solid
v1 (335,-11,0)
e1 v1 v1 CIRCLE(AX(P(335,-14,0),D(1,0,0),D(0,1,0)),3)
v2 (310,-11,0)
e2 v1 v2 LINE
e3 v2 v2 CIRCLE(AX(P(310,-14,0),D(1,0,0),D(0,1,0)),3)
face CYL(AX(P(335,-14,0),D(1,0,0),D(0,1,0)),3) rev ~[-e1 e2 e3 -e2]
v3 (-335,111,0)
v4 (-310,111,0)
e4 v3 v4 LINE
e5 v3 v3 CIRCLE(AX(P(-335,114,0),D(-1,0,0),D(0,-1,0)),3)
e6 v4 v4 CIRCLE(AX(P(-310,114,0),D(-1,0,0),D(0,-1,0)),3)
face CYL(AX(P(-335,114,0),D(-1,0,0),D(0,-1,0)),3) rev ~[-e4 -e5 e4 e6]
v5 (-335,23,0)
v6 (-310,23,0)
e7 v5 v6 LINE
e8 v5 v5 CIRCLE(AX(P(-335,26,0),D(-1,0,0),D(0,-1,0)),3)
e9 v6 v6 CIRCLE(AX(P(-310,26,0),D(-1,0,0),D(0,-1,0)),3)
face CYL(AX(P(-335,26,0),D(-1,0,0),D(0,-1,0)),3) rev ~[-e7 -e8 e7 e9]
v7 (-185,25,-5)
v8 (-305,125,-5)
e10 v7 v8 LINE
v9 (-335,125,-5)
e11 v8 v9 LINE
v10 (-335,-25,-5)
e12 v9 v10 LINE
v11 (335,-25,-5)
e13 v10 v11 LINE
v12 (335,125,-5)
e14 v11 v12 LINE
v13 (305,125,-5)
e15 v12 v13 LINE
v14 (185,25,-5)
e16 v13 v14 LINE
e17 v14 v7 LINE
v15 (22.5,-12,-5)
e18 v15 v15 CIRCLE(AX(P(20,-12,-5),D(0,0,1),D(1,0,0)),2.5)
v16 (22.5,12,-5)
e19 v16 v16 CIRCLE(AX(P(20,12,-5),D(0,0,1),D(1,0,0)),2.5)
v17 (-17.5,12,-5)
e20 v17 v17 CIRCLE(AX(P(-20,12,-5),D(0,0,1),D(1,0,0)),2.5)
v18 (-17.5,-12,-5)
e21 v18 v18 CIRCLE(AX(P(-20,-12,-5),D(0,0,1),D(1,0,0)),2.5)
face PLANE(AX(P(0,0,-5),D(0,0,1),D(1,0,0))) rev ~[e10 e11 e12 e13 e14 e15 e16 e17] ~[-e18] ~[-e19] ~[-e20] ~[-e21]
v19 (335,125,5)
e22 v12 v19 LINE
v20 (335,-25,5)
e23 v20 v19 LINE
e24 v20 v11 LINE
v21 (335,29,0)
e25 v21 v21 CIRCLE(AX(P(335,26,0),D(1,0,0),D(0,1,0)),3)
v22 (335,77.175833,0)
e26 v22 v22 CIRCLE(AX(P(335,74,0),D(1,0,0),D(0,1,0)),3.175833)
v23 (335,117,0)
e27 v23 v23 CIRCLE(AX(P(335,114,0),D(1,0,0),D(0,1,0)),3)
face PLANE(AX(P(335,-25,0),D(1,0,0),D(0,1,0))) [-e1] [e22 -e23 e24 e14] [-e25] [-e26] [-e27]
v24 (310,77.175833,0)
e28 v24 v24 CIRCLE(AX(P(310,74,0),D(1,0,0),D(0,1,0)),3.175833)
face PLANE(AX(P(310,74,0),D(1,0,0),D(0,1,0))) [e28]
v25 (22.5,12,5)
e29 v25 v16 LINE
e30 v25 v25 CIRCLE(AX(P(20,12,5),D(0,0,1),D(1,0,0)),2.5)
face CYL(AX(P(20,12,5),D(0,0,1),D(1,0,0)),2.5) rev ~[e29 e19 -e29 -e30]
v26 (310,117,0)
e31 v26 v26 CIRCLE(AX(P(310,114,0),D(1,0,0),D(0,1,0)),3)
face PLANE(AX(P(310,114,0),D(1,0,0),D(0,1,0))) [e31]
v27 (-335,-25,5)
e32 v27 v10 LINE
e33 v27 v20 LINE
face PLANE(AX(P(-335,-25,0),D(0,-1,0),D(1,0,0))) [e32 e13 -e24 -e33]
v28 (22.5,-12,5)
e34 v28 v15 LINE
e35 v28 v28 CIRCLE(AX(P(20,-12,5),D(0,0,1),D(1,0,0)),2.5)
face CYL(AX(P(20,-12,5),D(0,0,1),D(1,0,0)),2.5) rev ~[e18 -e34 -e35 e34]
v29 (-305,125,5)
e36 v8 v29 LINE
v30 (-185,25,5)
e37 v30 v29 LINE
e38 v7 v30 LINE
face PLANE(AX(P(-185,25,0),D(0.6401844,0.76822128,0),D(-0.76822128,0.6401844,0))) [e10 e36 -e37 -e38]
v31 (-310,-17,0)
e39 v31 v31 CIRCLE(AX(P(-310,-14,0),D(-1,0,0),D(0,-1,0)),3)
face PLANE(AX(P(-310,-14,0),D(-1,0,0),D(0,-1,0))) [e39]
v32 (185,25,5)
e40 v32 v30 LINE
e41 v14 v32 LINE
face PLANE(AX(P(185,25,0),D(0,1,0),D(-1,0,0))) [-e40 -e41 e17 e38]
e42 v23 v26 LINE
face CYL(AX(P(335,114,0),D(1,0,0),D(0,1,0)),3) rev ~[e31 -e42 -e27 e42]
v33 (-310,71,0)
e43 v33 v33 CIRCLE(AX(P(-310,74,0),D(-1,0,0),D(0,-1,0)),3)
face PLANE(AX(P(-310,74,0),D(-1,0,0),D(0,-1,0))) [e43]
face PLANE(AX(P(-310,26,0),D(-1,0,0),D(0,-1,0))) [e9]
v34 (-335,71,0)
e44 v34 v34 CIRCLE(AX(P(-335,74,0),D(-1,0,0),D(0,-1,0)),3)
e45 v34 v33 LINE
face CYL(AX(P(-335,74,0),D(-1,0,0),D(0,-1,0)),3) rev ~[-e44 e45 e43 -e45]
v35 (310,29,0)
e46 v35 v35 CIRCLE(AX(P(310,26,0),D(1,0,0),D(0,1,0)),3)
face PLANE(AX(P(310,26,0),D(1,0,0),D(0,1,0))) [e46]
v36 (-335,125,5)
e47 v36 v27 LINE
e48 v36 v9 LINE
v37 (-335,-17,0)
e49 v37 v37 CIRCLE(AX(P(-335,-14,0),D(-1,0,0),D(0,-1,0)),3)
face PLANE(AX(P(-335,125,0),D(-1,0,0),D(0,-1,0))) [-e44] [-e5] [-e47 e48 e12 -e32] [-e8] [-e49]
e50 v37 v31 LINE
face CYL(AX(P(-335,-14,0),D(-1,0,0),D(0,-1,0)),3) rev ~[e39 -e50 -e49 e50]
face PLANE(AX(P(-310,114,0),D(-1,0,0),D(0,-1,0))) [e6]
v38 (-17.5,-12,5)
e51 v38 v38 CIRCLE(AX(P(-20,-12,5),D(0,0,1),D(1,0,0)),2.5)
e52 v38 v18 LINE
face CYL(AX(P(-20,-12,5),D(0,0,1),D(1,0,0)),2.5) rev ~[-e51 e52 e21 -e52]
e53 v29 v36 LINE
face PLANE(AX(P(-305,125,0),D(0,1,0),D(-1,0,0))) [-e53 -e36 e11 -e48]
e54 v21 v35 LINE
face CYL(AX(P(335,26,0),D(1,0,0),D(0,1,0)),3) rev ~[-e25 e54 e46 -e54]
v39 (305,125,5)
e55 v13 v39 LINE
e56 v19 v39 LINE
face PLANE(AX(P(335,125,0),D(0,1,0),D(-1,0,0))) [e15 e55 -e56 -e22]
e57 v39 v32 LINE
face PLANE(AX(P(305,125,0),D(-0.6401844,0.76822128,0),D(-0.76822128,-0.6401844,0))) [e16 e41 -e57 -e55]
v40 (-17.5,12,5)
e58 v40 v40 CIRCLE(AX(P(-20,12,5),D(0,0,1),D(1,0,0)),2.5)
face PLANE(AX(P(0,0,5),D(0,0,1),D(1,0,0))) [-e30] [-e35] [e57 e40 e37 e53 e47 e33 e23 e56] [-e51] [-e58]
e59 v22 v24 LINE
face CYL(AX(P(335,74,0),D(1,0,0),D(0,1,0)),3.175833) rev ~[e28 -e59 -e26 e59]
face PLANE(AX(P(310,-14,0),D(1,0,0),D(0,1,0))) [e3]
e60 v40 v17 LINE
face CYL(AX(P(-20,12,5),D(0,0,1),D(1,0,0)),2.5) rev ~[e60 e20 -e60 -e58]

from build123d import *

# Parameters (mm, degrees)
F1_DEPTH = 5
F2_R     = 3
F2_R_2   = 3.175833
F3_DEPTH = 25
F4_R     = 3
F5_DEPTH = 25
F6_R     = 2.5
F7_DEPTH = 10


with BuildPart() as f1:
    # F0 (on Top) → F1 (new body, symmetric)
    with BuildSketch(Plane.XY):
        Polygon((335, -25), (335, 25), (185, 25), (-185, 25), (-335, 25), (-335, -25), align=None)
        Polygon((185, 25), (335, 25), (335, 125), (305, 125), align=None)
        Polygon((-335, 25), (-185, 25), (-305, 125), (-335, 125), align=None)
    extrude(amount=F1_DEPTH, both=True)

    # F2 (on face) → F3 (cut)
    with BuildSketch(Plane.YZ.offset(335)):
        with Locations((26, 0)):
            Circle(F2_R)
        with Locations((-14, 0)):
            Circle(F2_R)
        with Locations((74, 0)):
            Circle(F2_R_2)
        with Locations((114, 0)):
            Circle(F2_R)
    extrude(amount=-F3_DEPTH, mode=Mode.SUBTRACT)

    # F4 (on face) → F5 (cut)
    with BuildSketch(Plane(origin=(-335, 0, 0), x_dir=(0, -1, 0), z_dir=(-1, 0, 0))):
        with Locations((14, 0)):
            Circle(F4_R)
        with Locations((-26, 0)):
            Circle(F4_R)
        with Locations((-74, 0)):
            Circle(F4_R)
        with Locations((-114, 0)):
            Circle(F4_R)
    extrude(amount=-F5_DEPTH, mode=Mode.SUBTRACT)

    # F6 (on face) → F7 (cut)
    with BuildSketch(Plane.XY.offset(5)):
        with Locations((-20, 12)):
            Circle(F6_R)
        with Locations((20, 12)):
            Circle(F6_R)
        with Locations((20, -12)):
            Circle(F6_R)
        with Locations((-20, -12)):
            Circle(F6_R)
    extrude(amount=-F7_DEPTH, mode=Mode.SUBTRACT)


solid = f1.part
